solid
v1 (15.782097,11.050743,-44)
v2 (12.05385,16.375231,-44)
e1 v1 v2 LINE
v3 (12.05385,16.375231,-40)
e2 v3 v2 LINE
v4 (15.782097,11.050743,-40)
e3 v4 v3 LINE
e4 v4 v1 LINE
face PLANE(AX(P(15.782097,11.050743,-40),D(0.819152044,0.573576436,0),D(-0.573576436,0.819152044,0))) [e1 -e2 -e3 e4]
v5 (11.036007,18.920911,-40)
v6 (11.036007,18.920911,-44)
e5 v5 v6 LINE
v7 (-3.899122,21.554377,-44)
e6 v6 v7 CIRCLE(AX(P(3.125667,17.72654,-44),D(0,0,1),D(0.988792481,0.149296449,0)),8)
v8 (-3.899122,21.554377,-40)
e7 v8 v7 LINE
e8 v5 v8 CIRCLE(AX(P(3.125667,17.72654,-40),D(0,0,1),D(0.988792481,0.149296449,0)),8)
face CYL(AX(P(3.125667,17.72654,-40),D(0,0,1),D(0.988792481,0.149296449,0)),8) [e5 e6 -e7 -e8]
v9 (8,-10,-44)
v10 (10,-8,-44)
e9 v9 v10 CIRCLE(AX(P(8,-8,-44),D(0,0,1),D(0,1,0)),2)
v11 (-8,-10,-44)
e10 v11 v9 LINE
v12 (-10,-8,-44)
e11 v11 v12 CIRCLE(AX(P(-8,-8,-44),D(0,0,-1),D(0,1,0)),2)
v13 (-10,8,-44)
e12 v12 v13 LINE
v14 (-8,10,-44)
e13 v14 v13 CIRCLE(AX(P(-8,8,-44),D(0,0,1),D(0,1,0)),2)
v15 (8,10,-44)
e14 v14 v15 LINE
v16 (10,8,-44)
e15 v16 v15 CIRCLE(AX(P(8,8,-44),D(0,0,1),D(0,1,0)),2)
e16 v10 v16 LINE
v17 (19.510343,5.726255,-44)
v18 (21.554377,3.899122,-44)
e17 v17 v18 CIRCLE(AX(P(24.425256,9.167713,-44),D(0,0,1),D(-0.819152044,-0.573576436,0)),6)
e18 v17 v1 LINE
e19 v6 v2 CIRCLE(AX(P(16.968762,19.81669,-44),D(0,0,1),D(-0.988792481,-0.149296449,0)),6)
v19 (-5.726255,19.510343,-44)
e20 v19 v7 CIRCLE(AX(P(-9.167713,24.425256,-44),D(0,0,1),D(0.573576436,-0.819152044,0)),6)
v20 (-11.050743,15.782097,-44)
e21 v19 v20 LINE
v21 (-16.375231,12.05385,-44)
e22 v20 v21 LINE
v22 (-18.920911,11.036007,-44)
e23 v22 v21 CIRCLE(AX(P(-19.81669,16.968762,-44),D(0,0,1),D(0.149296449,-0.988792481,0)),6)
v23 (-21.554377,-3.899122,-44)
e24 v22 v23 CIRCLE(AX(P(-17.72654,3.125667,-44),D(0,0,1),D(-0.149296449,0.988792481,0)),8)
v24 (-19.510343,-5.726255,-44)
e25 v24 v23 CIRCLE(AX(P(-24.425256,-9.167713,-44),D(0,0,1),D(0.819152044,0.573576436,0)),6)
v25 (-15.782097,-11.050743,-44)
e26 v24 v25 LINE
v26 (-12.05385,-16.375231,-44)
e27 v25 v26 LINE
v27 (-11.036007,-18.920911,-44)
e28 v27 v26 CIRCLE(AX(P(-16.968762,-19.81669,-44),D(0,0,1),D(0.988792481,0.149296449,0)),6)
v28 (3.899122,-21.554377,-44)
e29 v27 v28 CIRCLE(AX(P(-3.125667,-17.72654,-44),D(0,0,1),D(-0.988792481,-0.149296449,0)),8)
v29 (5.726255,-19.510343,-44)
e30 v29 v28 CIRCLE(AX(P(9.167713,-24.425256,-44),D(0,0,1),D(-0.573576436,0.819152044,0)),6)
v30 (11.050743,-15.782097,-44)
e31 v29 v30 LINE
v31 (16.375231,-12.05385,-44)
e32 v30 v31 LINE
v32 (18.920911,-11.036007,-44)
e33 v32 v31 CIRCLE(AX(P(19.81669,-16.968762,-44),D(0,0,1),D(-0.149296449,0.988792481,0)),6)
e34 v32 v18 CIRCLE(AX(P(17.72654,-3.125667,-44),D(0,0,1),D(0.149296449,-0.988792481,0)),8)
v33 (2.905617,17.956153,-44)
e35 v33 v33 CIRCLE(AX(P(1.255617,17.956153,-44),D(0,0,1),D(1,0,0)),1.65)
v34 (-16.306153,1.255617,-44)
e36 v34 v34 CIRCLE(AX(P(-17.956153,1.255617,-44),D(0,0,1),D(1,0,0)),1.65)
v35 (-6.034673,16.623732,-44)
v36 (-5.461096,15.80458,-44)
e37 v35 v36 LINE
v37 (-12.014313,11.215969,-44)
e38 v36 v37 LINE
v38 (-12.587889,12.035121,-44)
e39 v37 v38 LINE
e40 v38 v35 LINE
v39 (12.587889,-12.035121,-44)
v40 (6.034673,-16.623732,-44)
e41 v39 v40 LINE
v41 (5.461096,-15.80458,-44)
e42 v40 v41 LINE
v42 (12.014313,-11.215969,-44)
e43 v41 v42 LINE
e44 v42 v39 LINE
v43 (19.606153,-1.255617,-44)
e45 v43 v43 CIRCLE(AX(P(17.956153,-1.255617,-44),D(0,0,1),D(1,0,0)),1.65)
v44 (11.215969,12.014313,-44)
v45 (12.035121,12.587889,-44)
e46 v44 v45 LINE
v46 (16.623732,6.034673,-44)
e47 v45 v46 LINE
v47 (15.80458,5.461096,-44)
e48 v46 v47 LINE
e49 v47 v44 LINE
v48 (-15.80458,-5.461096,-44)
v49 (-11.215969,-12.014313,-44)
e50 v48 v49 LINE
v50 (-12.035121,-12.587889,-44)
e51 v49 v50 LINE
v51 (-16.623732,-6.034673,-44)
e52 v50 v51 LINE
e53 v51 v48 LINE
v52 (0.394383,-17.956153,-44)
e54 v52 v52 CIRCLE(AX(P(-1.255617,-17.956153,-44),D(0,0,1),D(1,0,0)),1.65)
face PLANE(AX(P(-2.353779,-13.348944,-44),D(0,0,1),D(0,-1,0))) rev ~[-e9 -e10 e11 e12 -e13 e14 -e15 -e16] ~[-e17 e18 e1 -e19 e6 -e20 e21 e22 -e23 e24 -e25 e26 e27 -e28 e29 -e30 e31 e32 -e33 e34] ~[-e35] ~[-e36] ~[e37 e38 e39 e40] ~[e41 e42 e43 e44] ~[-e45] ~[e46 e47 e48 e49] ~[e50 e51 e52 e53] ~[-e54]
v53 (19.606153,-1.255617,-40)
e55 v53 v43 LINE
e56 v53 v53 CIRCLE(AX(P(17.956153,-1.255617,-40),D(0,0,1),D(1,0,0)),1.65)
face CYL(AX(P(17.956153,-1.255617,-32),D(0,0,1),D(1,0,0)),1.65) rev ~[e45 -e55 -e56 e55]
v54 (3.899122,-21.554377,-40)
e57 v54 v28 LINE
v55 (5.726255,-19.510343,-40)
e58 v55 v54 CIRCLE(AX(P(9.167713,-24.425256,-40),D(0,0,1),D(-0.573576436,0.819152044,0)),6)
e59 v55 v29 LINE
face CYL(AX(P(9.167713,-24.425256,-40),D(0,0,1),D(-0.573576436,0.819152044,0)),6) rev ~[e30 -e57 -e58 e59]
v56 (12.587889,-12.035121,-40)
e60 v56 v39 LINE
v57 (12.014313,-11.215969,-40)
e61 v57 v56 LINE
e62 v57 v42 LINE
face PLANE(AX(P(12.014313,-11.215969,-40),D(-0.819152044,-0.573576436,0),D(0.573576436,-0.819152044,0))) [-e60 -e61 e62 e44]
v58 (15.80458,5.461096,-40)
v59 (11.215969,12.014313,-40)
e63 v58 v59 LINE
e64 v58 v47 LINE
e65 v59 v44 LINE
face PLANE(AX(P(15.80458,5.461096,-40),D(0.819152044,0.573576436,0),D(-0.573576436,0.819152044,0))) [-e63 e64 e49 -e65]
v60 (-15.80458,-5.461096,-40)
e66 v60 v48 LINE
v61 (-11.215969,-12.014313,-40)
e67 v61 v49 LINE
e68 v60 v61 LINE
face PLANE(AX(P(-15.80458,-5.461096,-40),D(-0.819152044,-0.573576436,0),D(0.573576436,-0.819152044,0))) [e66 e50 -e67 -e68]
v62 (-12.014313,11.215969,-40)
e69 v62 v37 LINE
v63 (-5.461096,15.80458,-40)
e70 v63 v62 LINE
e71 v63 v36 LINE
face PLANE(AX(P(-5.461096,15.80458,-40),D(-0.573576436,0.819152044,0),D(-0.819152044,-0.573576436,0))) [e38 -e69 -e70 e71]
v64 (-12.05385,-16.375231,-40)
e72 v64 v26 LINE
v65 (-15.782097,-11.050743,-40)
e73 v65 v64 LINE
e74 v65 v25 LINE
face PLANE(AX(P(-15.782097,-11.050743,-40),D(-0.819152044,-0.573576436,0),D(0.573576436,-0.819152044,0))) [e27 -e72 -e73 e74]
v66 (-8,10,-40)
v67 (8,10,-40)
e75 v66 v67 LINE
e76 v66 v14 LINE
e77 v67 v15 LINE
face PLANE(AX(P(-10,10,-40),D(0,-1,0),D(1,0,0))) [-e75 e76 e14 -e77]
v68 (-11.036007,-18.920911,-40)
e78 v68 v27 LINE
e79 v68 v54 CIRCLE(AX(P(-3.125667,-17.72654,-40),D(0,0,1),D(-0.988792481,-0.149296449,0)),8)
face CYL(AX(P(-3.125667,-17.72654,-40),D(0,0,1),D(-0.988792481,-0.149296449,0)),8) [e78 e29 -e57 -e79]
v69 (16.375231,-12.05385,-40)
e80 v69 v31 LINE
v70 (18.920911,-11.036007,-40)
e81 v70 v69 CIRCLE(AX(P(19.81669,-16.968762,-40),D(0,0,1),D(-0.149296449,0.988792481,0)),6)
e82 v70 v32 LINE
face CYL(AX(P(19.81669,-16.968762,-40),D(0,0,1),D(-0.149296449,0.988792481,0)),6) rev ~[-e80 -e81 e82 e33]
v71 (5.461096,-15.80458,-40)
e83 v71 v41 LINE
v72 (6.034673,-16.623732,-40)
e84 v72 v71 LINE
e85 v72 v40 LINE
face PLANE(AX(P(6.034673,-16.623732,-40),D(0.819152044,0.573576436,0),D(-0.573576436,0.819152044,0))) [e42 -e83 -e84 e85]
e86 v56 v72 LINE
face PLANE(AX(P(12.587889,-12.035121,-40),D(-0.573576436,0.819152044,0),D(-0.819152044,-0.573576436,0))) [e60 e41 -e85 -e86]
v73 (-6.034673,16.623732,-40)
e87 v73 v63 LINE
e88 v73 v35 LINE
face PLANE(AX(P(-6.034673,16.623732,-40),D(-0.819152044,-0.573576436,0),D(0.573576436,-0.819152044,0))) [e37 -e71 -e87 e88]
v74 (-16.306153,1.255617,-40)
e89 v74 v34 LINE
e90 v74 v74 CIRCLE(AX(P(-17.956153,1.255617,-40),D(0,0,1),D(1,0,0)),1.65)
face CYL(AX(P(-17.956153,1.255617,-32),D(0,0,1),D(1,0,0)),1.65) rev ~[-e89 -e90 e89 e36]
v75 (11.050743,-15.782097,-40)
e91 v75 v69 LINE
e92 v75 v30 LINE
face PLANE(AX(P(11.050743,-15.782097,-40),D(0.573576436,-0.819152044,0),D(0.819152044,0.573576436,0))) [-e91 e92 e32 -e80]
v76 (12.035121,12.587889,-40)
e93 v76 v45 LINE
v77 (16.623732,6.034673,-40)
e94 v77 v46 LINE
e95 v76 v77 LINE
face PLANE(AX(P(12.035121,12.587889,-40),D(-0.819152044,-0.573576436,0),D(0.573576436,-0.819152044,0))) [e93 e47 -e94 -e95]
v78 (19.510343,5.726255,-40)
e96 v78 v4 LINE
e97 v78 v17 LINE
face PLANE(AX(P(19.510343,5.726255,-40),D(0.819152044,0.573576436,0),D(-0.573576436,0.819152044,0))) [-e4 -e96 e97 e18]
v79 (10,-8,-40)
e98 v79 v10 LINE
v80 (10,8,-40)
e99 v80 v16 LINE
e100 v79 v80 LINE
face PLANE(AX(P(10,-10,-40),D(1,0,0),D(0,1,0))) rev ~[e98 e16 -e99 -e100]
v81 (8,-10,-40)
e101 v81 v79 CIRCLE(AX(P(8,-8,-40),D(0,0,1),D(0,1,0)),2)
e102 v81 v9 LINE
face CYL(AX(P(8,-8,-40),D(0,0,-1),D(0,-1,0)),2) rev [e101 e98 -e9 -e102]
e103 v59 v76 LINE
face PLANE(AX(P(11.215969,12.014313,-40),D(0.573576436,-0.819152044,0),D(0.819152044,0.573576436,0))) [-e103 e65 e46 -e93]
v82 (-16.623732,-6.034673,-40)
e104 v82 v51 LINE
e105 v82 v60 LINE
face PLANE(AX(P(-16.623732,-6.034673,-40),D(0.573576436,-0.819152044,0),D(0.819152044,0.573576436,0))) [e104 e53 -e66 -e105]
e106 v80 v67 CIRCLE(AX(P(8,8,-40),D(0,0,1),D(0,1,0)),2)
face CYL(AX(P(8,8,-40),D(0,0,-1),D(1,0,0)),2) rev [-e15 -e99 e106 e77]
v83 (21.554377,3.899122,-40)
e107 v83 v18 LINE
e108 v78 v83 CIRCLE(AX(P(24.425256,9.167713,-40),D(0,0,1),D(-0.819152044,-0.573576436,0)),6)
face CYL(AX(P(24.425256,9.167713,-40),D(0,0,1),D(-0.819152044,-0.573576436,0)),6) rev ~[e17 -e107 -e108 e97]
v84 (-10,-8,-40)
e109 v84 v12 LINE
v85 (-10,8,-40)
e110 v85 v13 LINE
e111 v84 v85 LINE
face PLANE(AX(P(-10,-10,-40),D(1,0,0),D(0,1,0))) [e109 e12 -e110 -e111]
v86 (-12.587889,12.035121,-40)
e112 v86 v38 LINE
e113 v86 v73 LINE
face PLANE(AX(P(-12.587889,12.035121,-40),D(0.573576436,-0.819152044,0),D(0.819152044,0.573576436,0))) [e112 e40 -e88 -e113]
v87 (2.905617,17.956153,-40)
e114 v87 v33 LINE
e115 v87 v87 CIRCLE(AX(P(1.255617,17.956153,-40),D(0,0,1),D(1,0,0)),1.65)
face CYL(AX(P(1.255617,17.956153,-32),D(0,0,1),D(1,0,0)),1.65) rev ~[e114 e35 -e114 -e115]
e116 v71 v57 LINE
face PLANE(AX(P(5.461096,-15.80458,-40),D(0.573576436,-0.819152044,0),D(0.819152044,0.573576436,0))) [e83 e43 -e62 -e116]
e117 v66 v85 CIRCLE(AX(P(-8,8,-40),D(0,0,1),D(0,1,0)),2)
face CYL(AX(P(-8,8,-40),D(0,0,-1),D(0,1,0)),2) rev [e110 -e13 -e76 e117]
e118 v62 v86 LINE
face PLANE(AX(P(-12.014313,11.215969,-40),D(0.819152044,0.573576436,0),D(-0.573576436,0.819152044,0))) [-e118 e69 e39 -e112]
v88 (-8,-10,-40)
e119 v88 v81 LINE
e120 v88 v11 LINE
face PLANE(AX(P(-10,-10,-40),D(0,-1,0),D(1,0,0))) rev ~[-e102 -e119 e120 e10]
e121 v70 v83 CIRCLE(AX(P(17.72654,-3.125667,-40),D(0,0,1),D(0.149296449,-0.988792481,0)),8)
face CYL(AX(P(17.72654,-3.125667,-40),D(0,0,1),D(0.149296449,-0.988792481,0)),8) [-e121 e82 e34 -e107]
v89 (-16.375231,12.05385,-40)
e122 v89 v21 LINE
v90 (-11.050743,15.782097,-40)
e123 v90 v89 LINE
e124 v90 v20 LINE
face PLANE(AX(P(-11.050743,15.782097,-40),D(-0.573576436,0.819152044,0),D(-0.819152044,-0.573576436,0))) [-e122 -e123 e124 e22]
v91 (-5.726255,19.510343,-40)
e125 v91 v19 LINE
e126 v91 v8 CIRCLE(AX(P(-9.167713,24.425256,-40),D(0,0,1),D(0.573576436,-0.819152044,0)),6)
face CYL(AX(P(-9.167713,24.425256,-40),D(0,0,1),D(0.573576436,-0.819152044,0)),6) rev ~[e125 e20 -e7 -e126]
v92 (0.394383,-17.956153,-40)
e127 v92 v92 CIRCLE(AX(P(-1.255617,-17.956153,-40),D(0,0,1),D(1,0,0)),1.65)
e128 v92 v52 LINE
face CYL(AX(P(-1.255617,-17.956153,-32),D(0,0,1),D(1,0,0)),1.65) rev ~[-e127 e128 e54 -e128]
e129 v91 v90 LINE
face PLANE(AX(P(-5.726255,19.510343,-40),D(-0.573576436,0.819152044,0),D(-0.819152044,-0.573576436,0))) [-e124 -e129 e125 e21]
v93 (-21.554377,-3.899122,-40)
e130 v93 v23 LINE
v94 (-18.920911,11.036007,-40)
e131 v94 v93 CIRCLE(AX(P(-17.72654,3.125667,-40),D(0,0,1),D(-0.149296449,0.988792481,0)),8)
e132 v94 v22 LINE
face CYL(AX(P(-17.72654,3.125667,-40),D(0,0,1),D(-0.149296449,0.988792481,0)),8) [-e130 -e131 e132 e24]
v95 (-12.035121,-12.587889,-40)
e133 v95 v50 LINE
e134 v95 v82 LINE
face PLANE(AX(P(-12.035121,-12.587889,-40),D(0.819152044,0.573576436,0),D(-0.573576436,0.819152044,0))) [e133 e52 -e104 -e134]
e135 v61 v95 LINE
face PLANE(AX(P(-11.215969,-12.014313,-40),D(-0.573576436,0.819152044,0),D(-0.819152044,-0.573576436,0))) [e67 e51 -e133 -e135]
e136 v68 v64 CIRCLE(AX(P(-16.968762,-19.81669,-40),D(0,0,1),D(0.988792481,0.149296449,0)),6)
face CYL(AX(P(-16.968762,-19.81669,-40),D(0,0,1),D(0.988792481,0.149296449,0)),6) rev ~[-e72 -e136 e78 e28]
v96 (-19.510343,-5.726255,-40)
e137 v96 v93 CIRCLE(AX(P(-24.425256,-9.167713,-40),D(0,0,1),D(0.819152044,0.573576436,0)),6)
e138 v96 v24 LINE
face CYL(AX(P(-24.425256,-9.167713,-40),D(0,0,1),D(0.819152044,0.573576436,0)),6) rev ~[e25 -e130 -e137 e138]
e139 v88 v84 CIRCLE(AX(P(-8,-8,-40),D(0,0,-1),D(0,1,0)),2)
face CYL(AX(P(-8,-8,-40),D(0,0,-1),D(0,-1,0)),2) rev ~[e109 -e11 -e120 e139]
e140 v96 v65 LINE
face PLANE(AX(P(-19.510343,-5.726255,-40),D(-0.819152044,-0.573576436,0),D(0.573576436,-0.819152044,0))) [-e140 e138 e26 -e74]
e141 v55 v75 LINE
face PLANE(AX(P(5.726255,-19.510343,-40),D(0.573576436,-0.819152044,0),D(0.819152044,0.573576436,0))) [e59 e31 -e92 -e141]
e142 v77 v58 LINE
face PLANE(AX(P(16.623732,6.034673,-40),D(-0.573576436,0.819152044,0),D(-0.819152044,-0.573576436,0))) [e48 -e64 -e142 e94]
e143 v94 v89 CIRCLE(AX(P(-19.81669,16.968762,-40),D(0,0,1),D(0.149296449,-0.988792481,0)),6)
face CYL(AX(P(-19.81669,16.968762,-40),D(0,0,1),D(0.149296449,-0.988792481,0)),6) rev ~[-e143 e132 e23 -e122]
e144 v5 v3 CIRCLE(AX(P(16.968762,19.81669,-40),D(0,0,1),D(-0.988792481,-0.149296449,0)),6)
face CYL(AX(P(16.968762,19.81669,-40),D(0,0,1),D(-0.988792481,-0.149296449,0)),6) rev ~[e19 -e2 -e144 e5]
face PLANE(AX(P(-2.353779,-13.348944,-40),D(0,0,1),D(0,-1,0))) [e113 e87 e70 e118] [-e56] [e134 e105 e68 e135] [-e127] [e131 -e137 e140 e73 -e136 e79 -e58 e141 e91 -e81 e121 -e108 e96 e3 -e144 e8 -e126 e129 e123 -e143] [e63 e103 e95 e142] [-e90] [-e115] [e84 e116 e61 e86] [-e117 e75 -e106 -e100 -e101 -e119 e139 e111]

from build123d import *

# Parameters (mm, degrees)
PAD009_DEPTH          = 4
POLARPATTERN003_COUNT = 4
SKETCH018_R           = 1.65
HOLE003_DEPTH         = 25
POCKET006_DEPTH       = 149.7520027338
POLARPATTERN001_COUNT = 4
SKETCH024_W           = 20
SKETCH024_H           = 20
POCKET007_DEPTH       = 4.001
FILLET_R              = 2


with BuildPart() as part:
    # Sketch → Pad009 (new body)
    with BuildSketch(Plane.XY):
        with BuildLine():
            ThreePointArc((18.9209111487, -11.036007045), (25.6050015783, -4.5148526193), (21.5543772962, 3.8991216402))
            ThreePointArc((19.510343337, 5.7262546507), (20.4266011455, 4.694374188), (21.5543772962, 3.8991216402))
            Line((19.510343337, 5.7262546507), (15.7820965007, 11.0507429386))
            Line((0, 0), (15.7820965007, 11.0507429386))
            Line((0, 0), (11.0507429386, -15.7820965007))
            Line((11.0507429386, -15.7820965007), (16.3752312264, -12.0538496644))
            ThreePointArc((18.9209111487, -11.036007045), (17.5891558316, -11.3975778351), (16.3752312264, -12.0538496644))
        make_face()
    pad009 = extrude(amount=-PAD009_DEPTH)

    # PolarPattern003: Pad009 ×4 about axis
    polarpattern003_axis = Axis((0, 0, 0), (0, 0, 1))
    for i in range(1, POLARPATTERN003_COUNT):
        add(pad009.rotate(polarpattern003_axis, i * 360 / POLARPATTERN003_COUNT))

    # Sketch018 → Hole003 (cut)
    with BuildSketch(Plane.XY.offset(8)):
        with Locations((1.2556165274, 17.9561529047)):
            Circle(SKETCH018_R)
        with Locations((-1.2556165274, -17.9561529047)):
            Circle(SKETCH018_R)
        with Locations((-17.9561529047, 1.2556165274)):
            Circle(SKETCH018_R)
        with Locations((17.9561529047, -1.2556165274)):
            Circle(SKETCH018_R)
    extrude(amount=-HOLE003_DEPTH, mode=Mode.SUBTRACT)

    # Sketch021 → Pocket006 (cut, through all)
    with BuildSketch(Plane.XY):
        Polygon((11.2159688683, 12.0143126733), (12.0351209126, 12.5878891096), (16.6237324034, 6.0346727553), (15.8045803591, 5.461096319), align=None)
    pocket006 = extrude(amount=-POCKET006_DEPTH, mode=Mode.SUBTRACT)

    # PolarPattern001: Pocket006 ×4 about axis
    polarpattern001_axis = Axis((0, 0, 0), (0, 0, 1))
    for i in range(1, POLARPATTERN001_COUNT):
        add(pocket006.rotate(polarpattern001_axis, i * 360 / POLARPATTERN001_COUNT), mode=Mode.SUBTRACT)

    # Sketch024 → Pocket007 (cut, through all)
    with BuildSketch(Plane.XY):
        Rectangle(SKETCH024_W, SKETCH024_H)
    extrude(amount=-POCKET007_DEPTH, mode=Mode.SUBTRACT)

    # Fillet
    fillet_edges = [part.edges().sort_by_distance(p)[0] for p in [
        (10, -10, -2),
        (-10, -10, -2),
        (-10, 10, -2),
        (10, 10, -2),
    ]]
    fillet(fillet_edges, radius=FILLET_R)


with BuildPart() as part_1:
    # Body004024 placement: moved
    add(part.part.moved(Location((0, 0, -40))))


solid = part_1.part
